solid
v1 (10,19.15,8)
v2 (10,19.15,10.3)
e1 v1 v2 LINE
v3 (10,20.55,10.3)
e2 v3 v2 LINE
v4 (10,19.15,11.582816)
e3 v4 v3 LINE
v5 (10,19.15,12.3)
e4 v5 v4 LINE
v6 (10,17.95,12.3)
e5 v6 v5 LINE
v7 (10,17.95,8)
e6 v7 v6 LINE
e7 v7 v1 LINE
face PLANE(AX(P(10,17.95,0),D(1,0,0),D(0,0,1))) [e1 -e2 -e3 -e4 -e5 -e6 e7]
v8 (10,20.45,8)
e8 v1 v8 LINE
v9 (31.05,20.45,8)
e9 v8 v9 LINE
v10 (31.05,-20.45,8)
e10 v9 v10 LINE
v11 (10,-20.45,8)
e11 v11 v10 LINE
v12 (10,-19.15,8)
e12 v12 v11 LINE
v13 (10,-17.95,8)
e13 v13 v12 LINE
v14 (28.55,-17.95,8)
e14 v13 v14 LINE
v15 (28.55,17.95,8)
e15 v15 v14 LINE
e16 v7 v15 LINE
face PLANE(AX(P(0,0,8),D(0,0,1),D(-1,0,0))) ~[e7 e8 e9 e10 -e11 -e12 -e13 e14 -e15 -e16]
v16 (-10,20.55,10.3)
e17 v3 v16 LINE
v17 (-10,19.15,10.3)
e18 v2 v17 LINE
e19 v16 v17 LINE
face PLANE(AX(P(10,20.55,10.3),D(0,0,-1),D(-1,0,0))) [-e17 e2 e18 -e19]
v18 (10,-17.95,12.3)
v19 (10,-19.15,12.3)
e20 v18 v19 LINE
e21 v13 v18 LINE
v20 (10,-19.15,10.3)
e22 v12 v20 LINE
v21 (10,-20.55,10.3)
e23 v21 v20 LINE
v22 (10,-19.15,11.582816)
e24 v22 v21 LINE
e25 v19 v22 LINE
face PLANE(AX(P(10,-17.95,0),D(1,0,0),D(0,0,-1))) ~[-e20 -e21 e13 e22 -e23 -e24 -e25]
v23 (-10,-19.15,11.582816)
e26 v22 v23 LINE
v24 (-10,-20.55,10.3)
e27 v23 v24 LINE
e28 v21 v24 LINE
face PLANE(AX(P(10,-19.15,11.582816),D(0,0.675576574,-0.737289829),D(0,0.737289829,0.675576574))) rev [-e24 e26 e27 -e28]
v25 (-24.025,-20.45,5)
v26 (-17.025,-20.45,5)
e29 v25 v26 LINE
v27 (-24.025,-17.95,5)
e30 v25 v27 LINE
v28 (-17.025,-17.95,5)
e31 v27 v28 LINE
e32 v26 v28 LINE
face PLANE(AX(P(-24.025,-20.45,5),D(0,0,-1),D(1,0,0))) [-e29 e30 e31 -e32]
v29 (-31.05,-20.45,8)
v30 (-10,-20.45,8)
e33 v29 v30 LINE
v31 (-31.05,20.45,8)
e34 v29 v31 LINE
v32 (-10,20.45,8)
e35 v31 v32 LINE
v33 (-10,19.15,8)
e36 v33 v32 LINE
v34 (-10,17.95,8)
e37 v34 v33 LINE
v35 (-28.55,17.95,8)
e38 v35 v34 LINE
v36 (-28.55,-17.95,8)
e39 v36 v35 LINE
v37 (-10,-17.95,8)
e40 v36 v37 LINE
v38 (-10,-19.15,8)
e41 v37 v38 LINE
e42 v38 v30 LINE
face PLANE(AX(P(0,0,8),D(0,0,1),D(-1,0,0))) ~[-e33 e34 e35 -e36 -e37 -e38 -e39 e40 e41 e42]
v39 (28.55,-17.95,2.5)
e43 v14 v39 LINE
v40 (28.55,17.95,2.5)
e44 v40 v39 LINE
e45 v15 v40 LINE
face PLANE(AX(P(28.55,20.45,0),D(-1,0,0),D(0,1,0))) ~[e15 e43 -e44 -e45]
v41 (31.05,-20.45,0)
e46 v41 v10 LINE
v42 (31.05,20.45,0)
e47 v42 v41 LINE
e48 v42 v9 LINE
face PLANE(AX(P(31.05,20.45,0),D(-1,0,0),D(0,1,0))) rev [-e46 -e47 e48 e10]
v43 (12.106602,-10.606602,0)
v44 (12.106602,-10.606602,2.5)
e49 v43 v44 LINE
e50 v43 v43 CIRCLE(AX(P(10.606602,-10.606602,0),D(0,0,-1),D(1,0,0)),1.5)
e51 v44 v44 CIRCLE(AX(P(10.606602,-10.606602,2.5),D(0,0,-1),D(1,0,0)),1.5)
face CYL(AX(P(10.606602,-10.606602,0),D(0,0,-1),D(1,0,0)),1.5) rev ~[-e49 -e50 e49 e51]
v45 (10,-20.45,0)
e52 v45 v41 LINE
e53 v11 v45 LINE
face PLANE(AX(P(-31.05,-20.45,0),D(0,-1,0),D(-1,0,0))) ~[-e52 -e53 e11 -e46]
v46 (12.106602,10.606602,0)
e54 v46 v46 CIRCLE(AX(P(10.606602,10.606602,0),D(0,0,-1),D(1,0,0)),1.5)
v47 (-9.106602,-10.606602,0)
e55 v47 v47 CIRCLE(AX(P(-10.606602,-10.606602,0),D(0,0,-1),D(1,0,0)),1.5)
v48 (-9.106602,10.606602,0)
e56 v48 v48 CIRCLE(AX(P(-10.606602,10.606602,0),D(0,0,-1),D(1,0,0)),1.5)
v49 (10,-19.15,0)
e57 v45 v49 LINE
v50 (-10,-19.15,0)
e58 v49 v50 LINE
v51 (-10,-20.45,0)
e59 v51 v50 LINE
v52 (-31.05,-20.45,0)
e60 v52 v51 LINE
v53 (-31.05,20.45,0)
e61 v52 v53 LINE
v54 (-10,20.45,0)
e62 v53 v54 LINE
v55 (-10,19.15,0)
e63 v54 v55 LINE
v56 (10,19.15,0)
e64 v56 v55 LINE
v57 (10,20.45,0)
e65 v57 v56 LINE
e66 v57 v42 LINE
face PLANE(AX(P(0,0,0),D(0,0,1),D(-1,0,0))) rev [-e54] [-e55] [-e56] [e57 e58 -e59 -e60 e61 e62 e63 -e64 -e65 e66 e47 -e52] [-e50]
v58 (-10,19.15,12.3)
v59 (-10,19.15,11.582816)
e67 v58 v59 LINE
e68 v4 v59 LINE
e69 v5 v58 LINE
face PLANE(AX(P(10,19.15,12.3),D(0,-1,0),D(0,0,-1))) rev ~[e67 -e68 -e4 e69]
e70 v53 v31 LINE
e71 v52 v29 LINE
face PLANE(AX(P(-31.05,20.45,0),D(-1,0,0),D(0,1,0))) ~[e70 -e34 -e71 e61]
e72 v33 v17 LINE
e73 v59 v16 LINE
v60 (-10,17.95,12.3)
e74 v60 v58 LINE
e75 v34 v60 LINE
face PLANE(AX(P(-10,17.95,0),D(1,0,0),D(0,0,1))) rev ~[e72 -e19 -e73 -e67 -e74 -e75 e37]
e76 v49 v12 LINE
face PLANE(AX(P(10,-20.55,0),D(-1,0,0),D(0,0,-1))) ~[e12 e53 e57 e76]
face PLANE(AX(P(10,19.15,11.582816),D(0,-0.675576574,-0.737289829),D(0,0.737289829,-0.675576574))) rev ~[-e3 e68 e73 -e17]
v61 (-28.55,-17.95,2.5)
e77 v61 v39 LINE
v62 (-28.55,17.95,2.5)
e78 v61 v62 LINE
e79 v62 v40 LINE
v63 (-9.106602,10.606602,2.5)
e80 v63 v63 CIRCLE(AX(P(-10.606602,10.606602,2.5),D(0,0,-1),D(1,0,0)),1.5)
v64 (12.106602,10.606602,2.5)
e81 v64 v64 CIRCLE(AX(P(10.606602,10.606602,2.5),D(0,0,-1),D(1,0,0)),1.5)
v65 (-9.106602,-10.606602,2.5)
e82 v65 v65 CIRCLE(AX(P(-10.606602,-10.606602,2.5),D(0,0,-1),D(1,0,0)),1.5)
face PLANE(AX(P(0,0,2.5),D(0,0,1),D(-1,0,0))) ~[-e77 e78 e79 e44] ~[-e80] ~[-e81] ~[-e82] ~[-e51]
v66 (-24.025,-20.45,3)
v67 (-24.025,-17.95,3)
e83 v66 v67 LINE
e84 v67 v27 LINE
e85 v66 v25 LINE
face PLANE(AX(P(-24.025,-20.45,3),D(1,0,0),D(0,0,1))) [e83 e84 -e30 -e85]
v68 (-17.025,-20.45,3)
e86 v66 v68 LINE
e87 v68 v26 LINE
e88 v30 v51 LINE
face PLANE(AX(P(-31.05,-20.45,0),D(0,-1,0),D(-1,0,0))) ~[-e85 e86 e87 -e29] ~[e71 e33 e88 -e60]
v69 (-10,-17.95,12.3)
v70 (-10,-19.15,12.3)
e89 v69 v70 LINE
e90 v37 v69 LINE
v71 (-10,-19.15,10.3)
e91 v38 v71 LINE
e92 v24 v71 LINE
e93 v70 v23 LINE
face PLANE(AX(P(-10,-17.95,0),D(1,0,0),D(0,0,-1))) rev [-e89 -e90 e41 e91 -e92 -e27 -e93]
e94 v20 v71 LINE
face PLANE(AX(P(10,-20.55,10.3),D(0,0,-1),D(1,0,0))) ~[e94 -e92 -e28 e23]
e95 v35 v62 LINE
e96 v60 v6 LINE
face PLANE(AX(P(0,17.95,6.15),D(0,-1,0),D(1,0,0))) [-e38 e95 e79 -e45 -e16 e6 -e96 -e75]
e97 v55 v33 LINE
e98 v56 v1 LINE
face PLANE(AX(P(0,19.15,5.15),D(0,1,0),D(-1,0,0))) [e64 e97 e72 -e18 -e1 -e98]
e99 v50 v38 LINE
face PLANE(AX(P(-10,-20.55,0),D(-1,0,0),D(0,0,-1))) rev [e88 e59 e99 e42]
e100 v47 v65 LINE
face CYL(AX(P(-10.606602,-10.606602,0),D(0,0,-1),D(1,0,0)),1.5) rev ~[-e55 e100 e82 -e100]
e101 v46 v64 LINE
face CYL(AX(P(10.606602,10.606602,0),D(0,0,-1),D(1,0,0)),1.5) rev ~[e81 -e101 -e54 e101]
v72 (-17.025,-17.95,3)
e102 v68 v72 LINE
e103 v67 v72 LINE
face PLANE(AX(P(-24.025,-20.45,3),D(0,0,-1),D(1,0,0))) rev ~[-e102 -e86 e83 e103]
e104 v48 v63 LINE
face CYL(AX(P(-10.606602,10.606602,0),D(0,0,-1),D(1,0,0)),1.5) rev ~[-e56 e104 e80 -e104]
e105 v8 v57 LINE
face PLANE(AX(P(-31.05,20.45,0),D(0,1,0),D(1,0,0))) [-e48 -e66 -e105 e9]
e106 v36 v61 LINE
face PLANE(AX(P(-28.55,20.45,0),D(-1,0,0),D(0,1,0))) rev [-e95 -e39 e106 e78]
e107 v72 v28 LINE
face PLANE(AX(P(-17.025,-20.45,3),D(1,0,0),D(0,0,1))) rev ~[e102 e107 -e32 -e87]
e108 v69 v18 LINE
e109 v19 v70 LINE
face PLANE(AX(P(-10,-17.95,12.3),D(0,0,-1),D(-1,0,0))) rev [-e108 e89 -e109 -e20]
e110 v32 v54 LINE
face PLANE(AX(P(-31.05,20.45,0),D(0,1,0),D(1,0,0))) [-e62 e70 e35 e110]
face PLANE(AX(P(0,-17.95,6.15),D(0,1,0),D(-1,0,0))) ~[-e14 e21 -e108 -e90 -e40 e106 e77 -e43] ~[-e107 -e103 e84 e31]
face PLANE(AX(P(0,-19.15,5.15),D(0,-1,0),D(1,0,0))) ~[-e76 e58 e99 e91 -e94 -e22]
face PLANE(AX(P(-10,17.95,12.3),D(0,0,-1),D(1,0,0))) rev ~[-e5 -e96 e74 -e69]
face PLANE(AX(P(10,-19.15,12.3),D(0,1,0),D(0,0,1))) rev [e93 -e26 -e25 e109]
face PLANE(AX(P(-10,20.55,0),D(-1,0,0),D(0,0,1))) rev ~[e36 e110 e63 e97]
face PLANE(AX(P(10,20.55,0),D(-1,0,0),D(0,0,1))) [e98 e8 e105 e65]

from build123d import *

# Parameters (mm, degrees)
F0_W           = 62.1
F0_H           = 40.9
F1_DEPTH       = 8
F2_T           = -2.5
F3_W           = 20
F3_H           = 12.3
F4_DEPTH       = 2.6
F5_W           = 20
F5_H           = 10.3
F6_DEPTH       = 1.4
F8_DEPTH       = 20
F9_W           = 81.3839174807
F9_H           = 28.7151690573
F10_DEPTH      = 2.501
F10_DEPTH_BACK = 9.801
F12_W          = 7
F12_H          = 2
F13_DEPTH      = 2.5
F14_R          = 1.5
F15_DEPTH      = 2.5


with BuildPart() as f1:
    # F0 (on Top) → F1 (new body)
    with BuildSketch(Plane.XY):
        Rectangle(F0_W, F0_H)
    extrude(amount=F1_DEPTH)

    # F2
    f2_openings = [f1.faces().sort_by_distance(p)[0] for p in [
        (0, 0, 8),
    ]]
    offset(amount=F2_T, openings=f2_openings)

    # F3 (on face) → F4 (join)
    with BuildSketch(Plane.XZ.offset(-17.95)):
        with Locations((0, 6.15)):
            Rectangle(F3_W, F3_H)
    extrude(amount=-F4_DEPTH)

    # F5 (on face) → F6 (cut)
    with BuildSketch(Plane(origin=(0, 20.55, 0), x_dir=(-1, 0, 0), z_dir=(0, 1, 0))):
        with Locations((0, 5.15)):
            Rectangle(F5_W, F5_H)
    extrude(amount=-F6_DEPTH, mode=Mode.SUBTRACT)

    # F7 (on face) → F8 (cut, through all)
    with BuildSketch(Plane.YZ.offset(10)):
        Polygon((19.15, 11.5828160197), (20.55, 10.3), (20.55, 12.3), (19.15, 12.3), align=None)
    extrude(amount=-F8_DEPTH, mode=Mode.SUBTRACT)

    # F9 (on face) → F10 (cut, two sides)
    with BuildSketch(Plane.XY.offset(2.5)) as f10_sk:
        with Locations((-1.038512215, -14.3575845286)):
            Rectangle(F9_W, F9_H)
    extrude(amount=-F10_DEPTH, mode=Mode.SUBTRACT)
    extrude(f10_sk.sketch, amount=F10_DEPTH_BACK, mode=Mode.SUBTRACT)

    # F11: F1 across plane


with BuildPart() as f1_1:
    add(f1.part)
    add(f1.part.mirror(Plane.XZ))

    # F12 (on face) → F13 (cut, through all)
    with BuildSketch(Plane.XZ.offset(20.45)):
        with Locations((-20.525, 4)):
            Rectangle(F12_W, F12_H)
    extrude(amount=-F13_DEPTH, mode=Mode.SUBTRACT)

    # F14 (on face) → F15 (cut, through all)
    with BuildSketch(Plane(origin=(0, 0, 0), x_dir=(1, 0, 0), z_dir=(0, 0, -1))):
        with Locations((-10.6066017178, 10.6066017178)):
            Circle(F14_R)
        with Locations((10.6066017178, 10.6066017178)):
            Circle(F14_R)
        with Locations((10.6066017178, -10.6066017178)):
            Circle(F14_R)
        with Locations((-10.6066017178, -10.6066017178)):
            Circle(F14_R)
    extrude(amount=-F15_DEPTH, mode=Mode.SUBTRACT)


solid = f1_1.part
